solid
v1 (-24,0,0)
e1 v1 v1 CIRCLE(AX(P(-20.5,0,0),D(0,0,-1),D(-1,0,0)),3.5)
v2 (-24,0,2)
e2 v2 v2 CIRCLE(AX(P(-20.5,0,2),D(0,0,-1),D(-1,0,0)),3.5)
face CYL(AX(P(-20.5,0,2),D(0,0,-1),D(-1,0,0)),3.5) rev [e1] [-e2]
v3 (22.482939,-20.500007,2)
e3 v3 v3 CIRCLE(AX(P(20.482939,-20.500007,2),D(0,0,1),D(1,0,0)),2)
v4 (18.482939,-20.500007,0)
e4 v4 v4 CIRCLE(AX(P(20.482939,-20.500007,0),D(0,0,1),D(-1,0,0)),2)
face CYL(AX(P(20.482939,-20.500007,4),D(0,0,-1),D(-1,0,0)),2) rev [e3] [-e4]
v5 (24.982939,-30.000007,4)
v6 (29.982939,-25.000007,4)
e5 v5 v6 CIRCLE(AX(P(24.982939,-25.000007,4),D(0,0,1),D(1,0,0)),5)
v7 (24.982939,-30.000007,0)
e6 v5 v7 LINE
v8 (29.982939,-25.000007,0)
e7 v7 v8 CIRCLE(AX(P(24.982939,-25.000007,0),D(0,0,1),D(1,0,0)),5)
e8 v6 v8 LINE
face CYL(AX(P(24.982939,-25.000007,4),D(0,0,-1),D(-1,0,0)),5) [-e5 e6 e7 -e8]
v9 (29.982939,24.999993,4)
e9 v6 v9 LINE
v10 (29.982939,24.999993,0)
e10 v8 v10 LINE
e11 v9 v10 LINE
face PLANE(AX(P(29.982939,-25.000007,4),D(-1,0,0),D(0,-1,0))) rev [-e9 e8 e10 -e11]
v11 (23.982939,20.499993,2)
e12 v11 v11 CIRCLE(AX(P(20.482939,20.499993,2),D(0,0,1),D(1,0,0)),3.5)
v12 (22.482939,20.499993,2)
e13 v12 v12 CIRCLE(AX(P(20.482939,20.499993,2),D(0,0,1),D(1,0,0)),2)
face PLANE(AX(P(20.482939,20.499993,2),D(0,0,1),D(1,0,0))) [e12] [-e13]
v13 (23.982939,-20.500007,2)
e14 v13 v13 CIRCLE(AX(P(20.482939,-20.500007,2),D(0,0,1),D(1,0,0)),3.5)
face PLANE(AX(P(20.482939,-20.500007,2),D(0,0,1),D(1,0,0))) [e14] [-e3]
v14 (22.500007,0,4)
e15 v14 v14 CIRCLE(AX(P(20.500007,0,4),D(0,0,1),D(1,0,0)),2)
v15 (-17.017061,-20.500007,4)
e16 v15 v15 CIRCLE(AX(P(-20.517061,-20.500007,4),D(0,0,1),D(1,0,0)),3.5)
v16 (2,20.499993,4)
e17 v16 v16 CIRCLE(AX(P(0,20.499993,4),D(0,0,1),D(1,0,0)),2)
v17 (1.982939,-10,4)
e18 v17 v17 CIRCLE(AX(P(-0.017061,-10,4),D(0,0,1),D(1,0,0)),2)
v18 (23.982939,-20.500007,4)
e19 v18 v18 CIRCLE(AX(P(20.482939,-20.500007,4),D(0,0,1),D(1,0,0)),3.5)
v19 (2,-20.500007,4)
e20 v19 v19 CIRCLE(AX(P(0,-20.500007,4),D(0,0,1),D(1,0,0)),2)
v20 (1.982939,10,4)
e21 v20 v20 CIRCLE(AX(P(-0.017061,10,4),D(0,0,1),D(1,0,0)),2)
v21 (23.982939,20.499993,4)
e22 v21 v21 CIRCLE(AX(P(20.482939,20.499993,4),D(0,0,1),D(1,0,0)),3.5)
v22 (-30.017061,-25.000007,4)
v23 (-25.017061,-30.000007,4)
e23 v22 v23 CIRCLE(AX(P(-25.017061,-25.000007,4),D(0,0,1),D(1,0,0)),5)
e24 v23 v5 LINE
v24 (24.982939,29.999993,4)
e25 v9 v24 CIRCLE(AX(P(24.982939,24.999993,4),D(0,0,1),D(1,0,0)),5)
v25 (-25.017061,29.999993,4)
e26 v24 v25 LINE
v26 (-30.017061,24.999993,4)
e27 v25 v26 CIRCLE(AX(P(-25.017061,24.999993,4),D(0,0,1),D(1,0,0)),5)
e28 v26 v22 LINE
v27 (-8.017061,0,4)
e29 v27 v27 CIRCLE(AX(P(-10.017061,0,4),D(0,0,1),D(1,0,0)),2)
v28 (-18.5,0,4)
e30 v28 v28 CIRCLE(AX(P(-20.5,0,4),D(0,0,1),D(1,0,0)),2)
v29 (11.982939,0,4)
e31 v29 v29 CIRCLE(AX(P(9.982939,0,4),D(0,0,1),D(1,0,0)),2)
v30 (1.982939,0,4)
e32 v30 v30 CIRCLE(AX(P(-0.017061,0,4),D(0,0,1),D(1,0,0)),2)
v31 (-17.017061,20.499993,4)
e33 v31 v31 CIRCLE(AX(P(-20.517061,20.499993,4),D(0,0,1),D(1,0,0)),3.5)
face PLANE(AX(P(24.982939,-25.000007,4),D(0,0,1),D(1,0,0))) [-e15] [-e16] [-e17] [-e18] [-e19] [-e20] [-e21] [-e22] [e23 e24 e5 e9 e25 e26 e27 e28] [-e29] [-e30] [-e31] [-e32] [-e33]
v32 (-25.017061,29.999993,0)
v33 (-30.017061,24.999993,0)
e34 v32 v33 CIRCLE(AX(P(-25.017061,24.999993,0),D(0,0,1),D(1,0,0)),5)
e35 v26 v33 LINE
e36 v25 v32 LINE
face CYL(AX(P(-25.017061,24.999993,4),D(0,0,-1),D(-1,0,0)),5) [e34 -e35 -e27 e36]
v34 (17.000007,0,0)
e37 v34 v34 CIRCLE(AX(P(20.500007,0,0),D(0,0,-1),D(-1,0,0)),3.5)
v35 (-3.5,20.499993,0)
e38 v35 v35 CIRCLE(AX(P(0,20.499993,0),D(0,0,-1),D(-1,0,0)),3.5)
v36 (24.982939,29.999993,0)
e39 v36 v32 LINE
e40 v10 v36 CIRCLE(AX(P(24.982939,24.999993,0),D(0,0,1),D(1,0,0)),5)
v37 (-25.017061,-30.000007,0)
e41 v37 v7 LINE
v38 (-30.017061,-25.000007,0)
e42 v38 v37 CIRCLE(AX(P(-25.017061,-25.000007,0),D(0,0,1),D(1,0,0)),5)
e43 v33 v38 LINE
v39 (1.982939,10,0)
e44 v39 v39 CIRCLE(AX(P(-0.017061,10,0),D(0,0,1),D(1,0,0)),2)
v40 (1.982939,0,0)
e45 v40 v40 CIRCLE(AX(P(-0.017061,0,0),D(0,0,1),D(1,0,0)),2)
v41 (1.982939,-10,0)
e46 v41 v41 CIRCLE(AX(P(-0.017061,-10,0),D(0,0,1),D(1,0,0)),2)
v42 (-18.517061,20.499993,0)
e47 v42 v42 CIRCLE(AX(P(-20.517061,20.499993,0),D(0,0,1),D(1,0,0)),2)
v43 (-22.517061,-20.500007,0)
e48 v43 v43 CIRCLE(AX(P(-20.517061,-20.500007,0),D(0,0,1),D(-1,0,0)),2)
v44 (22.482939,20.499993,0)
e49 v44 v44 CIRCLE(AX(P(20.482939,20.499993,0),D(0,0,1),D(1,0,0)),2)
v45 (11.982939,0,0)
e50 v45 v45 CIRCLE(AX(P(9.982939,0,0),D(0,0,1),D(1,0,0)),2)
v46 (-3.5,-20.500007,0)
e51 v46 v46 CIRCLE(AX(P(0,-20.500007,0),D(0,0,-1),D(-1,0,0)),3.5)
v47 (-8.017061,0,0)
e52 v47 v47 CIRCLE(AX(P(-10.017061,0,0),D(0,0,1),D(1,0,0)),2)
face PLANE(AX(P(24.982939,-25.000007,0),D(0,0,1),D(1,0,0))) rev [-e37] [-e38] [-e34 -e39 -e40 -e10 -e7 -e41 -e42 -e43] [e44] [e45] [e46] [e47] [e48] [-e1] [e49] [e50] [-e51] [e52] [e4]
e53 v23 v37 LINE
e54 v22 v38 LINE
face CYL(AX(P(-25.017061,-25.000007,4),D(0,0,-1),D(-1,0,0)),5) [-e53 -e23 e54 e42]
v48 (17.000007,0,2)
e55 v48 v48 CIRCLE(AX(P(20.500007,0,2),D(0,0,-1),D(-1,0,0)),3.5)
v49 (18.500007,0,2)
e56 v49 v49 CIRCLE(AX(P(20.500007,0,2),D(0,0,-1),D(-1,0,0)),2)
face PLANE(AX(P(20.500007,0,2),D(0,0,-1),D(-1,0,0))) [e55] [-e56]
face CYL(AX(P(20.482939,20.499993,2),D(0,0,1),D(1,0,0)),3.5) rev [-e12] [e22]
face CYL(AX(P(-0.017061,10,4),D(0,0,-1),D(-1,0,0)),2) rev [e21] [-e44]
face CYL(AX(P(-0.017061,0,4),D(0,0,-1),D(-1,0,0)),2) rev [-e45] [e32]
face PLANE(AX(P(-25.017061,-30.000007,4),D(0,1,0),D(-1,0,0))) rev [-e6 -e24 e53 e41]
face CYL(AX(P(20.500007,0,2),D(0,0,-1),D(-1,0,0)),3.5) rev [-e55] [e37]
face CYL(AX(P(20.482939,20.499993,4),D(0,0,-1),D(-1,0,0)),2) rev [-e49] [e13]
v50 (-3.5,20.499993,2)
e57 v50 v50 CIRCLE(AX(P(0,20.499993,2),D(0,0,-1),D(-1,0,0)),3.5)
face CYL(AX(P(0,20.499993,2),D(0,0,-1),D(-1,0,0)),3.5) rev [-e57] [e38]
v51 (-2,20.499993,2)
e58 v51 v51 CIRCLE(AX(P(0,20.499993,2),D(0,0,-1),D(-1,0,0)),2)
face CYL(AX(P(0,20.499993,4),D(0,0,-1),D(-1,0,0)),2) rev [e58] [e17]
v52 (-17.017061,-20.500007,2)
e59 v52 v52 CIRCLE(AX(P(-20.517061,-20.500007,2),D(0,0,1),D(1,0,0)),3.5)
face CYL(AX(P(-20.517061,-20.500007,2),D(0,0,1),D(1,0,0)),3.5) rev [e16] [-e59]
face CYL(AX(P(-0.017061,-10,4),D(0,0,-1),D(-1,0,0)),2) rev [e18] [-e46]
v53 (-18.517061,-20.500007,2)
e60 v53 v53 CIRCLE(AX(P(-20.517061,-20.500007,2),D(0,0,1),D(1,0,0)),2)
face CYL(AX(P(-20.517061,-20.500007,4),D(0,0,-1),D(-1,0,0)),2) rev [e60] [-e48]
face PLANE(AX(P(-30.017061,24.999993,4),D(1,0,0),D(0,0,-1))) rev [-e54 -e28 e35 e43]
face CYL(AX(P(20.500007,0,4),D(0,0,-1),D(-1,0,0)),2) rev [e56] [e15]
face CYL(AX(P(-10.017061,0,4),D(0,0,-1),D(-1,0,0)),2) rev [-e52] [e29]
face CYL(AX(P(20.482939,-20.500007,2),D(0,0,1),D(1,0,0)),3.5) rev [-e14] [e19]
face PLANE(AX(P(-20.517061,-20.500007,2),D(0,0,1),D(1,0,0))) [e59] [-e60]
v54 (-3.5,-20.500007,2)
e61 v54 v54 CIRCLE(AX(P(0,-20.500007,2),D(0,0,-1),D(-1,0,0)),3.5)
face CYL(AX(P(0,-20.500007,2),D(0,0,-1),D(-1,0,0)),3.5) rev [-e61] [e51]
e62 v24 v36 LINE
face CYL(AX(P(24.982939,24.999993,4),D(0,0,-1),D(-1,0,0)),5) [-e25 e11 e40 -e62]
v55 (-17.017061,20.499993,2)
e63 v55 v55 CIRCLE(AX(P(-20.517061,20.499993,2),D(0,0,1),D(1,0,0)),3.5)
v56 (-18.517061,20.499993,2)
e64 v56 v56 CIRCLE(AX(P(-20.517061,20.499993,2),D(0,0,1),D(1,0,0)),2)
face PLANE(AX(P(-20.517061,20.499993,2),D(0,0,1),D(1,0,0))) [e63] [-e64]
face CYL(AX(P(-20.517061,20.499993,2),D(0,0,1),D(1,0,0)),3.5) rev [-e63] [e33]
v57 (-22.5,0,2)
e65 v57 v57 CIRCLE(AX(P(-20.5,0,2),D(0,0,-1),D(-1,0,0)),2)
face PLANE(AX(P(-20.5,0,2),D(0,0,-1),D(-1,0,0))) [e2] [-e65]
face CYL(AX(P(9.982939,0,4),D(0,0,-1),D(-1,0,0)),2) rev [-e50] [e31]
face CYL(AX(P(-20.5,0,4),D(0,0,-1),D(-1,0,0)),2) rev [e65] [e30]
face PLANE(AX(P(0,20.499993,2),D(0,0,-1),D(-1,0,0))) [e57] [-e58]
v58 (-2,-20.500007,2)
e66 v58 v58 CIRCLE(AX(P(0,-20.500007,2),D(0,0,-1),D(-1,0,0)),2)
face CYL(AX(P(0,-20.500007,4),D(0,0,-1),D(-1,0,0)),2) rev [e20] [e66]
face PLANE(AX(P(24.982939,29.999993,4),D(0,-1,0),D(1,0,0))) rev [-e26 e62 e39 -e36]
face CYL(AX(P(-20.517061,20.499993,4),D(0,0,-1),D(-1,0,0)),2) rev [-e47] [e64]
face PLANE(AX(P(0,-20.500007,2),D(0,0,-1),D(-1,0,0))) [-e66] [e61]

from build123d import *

# Parameters (mm, degrees)
SKETCH1_R           = 2
BOSS_EXTRUDE2_DEPTH = 4
SKETCH2_R           = 3.5
CUT_EXTRUDE1_DEPTH  = 2
SKETCH3_R           = 3.5
CUT_EXTRUDE2_DEPTH  = 2


with BuildPart() as part:
    # Sketch1 → Boss-Extrude2 (new body)
    with BuildSketch(Plane.XY):
        with BuildLine():
            Line((29.982938543, -25.0000071), (29.982938543, 24.9999929))
            ThreePointArc((29.982938543, 24.9999929), (28.518472449, 28.535526806), (24.982938543, 29.9999929))
            Line((24.982938543, 29.9999929), (-25.017061457, 29.9999929))
            ThreePointArc((-25.017061457, 29.9999929), (-28.552595363, 28.535526806), (-30.017061457, 24.9999929))
            Line((-30.017061457, 24.9999929), (-30.017061457, -25.0000071))
            ThreePointArc((-30.017061457, -25.0000071), (-28.552595363, -28.535541006), (-25.017061457, -30.0000071))
            Line((-25.017061457, -30.0000071), (24.982938543, -30.0000071))
            ThreePointArc((24.982938543, -30.0000071), (28.518472449, -28.535541006), (29.982938543, -25.0000071))
        make_face()
        with Locations((-20.517061457, 20.4999929)):
            Circle(SKETCH1_R, mode=Mode.SUBTRACT)
        with Locations((-10.017061457, 0)):
            Circle(SKETCH1_R, mode=Mode.SUBTRACT)
        with Locations((-0.017061457, 0)):
            Circle(SKETCH1_R, mode=Mode.SUBTRACT)
        with Locations(Location((20.482938543, -20.5000071, 0), (0, 0, 180))):
            Circle(SKETCH1_R, mode=Mode.SUBTRACT)
        with Locations((0, 20.4999929)):
            Circle(SKETCH1_R, mode=Mode.SUBTRACT)
        with Locations((20.482938543, 20.4999929)):
            Circle(SKETCH1_R, mode=Mode.SUBTRACT)
        with Locations(Location((-20.517061457, -20.5000071, 0), (0, 0, 180))):
            Circle(SKETCH1_R, mode=Mode.SUBTRACT)
        with Locations((-0.017061457, 10)):
            Circle(SKETCH1_R, mode=Mode.SUBTRACT)
        with Locations((9.982938543, 0)):
            Circle(SKETCH1_R, mode=Mode.SUBTRACT)
        with Locations((-0.017061457, -10)):
            Circle(SKETCH1_R, mode=Mode.SUBTRACT)
        with Locations((20.5000071, 0)):
            Circle(SKETCH1_R, mode=Mode.SUBTRACT)
        with Locations((0, -20.5000071)):
            Circle(SKETCH1_R, mode=Mode.SUBTRACT)
        with Locations((-20.5, 0)):
            Circle(SKETCH1_R, mode=Mode.SUBTRACT)
    extrude(amount=BOSS_EXTRUDE2_DEPTH)

    # Sketch2 → Cut-Extrude1 (cut)
    with BuildSketch(Plane.XY.offset(4)):
        with Locations((-20.517061457, 20.4999929)):
            Circle(SKETCH2_R)
        with Locations((-20.517061457, -20.5000071)):
            Circle(SKETCH2_R)
        with Locations((20.482938543, -20.5000071)):
            Circle(SKETCH2_R)
        with Locations((20.482938543, 20.4999929)):
            Circle(SKETCH2_R)
    extrude(amount=-CUT_EXTRUDE1_DEPTH, mode=Mode.SUBTRACT)

    # Sketch3 → Cut-Extrude2 (cut)
    with BuildSketch(Plane(origin=(0, 0, 0), x_dir=(-1, 0, 0), z_dir=(0, 0, -1))):
        with Locations((-20.5000071, 0)):
            Circle(SKETCH3_R)
        with Locations((20.5, 0)):
            Circle(SKETCH3_R)
        with Locations((0, 20.4999929)):
            Circle(SKETCH3_R)
        with Locations((0, -20.5000071)):
            Circle(SKETCH3_R)
    extrude(amount=-CUT_EXTRUDE2_DEPTH, mode=Mode.SUBTRACT)


solid = part.part
